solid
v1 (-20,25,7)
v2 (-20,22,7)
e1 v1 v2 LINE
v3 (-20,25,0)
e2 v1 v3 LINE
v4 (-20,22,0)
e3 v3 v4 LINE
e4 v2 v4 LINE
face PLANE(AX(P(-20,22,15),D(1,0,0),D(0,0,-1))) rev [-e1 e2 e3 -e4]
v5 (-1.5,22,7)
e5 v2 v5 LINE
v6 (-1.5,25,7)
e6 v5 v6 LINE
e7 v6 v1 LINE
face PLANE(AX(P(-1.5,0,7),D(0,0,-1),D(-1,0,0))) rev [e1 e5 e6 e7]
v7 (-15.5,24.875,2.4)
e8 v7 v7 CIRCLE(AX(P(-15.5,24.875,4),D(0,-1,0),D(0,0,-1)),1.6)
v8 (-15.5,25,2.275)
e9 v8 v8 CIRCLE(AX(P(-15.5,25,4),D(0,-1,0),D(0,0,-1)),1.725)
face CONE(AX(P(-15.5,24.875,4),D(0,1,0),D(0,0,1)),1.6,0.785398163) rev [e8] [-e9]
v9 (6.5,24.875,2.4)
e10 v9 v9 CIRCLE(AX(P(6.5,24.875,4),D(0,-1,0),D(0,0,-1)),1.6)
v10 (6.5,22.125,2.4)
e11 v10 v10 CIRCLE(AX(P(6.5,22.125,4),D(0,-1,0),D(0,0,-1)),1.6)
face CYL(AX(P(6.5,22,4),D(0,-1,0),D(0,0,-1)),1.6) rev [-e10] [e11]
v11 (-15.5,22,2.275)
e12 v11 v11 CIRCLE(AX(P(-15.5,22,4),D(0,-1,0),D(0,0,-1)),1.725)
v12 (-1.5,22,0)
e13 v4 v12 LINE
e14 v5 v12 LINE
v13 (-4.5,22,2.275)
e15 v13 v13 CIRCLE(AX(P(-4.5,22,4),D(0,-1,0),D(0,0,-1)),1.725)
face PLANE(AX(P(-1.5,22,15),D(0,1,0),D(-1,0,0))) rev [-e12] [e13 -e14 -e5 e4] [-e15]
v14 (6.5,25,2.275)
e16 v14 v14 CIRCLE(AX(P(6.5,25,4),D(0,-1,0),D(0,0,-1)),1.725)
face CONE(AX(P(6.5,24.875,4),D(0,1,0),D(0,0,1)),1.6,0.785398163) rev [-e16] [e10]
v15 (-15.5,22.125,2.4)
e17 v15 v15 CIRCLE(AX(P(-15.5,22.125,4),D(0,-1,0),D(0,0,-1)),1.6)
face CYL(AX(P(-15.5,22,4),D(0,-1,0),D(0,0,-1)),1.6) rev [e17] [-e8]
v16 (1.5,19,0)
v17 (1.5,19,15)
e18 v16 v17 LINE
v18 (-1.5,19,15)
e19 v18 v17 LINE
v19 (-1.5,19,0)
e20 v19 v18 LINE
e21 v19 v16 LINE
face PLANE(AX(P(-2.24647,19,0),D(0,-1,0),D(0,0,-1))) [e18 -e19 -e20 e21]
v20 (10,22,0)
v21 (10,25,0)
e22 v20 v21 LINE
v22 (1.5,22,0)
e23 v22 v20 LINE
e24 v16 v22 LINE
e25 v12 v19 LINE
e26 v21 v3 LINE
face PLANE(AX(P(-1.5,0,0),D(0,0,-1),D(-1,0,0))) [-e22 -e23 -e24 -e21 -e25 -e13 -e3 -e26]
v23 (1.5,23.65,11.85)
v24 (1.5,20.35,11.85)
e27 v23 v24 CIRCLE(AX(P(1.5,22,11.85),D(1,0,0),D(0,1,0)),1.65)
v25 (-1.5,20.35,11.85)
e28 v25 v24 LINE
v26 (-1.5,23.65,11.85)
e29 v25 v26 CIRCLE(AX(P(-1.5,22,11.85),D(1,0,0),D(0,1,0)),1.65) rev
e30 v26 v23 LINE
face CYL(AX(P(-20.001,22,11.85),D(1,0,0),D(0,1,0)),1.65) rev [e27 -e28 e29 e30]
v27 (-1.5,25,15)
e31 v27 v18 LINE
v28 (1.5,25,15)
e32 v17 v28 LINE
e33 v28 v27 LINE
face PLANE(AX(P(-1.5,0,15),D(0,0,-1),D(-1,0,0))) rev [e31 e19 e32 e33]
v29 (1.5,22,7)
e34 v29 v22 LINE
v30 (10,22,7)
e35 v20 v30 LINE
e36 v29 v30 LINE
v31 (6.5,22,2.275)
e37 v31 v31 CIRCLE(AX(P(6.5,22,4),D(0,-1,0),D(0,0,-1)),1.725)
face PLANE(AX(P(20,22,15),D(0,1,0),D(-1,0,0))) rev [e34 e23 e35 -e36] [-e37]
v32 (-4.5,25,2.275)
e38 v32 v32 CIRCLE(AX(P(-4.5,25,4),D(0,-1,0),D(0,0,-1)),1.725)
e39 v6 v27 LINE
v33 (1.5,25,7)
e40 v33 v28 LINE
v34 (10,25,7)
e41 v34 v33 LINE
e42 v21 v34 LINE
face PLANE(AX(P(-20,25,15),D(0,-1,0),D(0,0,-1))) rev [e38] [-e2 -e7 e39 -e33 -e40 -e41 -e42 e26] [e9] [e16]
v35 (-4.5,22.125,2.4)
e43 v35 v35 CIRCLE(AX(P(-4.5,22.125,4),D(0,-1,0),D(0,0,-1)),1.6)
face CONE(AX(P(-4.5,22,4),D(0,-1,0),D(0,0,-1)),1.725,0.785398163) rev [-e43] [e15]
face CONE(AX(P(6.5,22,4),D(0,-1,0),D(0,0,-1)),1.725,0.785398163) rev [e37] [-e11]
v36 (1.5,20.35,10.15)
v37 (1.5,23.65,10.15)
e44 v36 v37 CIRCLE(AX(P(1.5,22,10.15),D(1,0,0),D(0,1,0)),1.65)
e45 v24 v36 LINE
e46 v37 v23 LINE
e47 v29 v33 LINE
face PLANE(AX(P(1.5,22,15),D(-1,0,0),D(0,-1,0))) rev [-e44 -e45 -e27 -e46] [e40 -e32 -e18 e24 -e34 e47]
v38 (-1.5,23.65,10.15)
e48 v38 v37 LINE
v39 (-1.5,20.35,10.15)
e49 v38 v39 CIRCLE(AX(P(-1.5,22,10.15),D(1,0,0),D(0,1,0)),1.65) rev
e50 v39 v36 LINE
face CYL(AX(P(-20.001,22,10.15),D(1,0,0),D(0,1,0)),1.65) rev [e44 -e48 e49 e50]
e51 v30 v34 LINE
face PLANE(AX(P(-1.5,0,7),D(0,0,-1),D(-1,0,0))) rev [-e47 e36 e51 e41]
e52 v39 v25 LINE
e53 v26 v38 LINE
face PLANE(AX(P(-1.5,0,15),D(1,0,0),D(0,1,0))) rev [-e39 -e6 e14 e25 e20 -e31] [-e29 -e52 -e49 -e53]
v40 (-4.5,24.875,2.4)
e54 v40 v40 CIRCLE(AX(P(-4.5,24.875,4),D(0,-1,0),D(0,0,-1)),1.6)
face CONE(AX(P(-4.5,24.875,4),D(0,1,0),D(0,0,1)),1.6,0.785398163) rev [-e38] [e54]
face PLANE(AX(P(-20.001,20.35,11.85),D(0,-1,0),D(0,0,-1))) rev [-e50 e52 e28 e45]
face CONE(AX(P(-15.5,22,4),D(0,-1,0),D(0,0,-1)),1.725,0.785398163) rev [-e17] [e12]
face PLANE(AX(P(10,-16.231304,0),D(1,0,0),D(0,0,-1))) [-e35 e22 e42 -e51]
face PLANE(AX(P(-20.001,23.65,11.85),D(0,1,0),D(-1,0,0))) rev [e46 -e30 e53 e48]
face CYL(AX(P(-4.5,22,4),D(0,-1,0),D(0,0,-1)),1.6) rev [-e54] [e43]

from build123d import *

# Parameters (mm, degrees)
EXTRUDE_1_DEPTH            = 15
SKETCH_2_W                 = 3
SKETCH_2_H                 = 19
SKETCH_2_W_2               = 10
SKETCH_2_H_2               = 3
CUT_EXTRUDE_1_DEPTH        = 16
SKETCH_3_W                 = 18.5
SKETCH_3_H                 = 3
SKETCH_3_W_2               = 8.5
CUT_EXTRUDE_3_DEPTH        = 8
HOLE_WIZARD_M31_AT_2_COUNT = 2
HOLE_WIZARD_M31_AT_2_PITCH = 22
HOLE_WIZARD_M31_AT_3_COUNT = 2
HOLE_WIZARD_M31_AT_3_PITCH = 11
CUT_EXTRUDE_4_REACH        = 23.5


with BuildPart() as part:
    # Эскиз1 → Бобышка-Вытянуть1 (new body)
    with BuildSketch(Plane.XY):
        Polygon((-1.5, 0), (-1.5, 22), (-20, 22), (-20, 25), (20, 25), (20, 22), (1.5, 22), (1.5, 0), align=None)
    extrude(amount=EXTRUDE_1_DEPTH)

    # Эскиз2 → Вырез-Вытянуть1 (cut, through all)
    with BuildSketch(Plane.XY.offset(15)):
        with Locations((0, 9.5)):
            Rectangle(SKETCH_2_W, SKETCH_2_H)
        with Locations((15, 23.5)):
            Rectangle(SKETCH_2_W_2, SKETCH_2_H_2)
    extrude(amount=-CUT_EXTRUDE_1_DEPTH, mode=Mode.SUBTRACT)

    # Эскиз3 → Вырез-Вытянуть3 (cut)
    with BuildSketch(Plane.XY.offset(15)):
        with Locations((-10.75, 23.5)):
            Rectangle(SKETCH_3_W, SKETCH_3_H)
        with Locations((5.75, 23.5)):
            Rectangle(SKETCH_3_W_2, SKETCH_3_H)
    extrude(amount=-CUT_EXTRUDE_3_DEPTH, mode=Mode.SUBTRACT)

    # Эскиз4 → Отверстие с зазором M31 (revolve, cut)
    with BuildSketch(Plane(origin=(-15.5, 22, 4), x_dir=(0, 0, -1), z_dir=(1, 0, 0))):
        Polygon((0, 0), (0, 3), (1.725, 3), (1.6, 2.875), (1.6, 0.125), (1.725, 0), align=None)
    hole_wizard_m31 = revolve(axis=Axis((-15.5, 15.65, 4), (0, 1, 0)), mode=Mode.SUBTRACT)

    # Отверстие с зазором M31 at 2: Отверстие с зазором M31 ×2
    with Locations(*[(i * HOLE_WIZARD_M31_AT_2_PITCH, 0, 0) for i in range(1, HOLE_WIZARD_M31_AT_2_COUNT)]):
        add(hole_wizard_m31, mode=Mode.SUBTRACT)

    # Отверстие с зазором M31 at 3: Отверстие с зазором M31 ×2
    with Locations(*[(i * HOLE_WIZARD_M31_AT_3_PITCH, 0, 0) for i in range(1, HOLE_WIZARD_M31_AT_3_COUNT)]):
        add(hole_wizard_m31, mode=Mode.SUBTRACT)

    # Эскиз6 → Вырез-Вытянуть4 (cut, up to next)
    with BuildSketch(Plane(origin=(1.5, 0, 0), x_dir=(0, 0, -1), z_dir=(1, 0, 0)), mode=Mode.PRIVATE) as cut_extrude_4_sk1:
        with BuildLine():
            Line((-11.85, 23.65), (-10.15, 23.65))
            ThreePointArc((-10.15, 23.65), (-8.5, 22), (-10.15, 20.35))
            Line((-10.15, 20.35), (-11.85, 20.35))
            ThreePointArc((-11.85, 20.35), (-13.5, 22), (-11.85, 23.65))
        make_face()
    cut_extrude_4_tool1 = extrude(cut_extrude_4_sk1.sketch, amount=-CUT_EXTRUDE_4_REACH, mode=Mode.PRIVATE) & part.part
    add(cut_extrude_4_tool1.solids().sort_by_distance((1.5, 22, 11))[0], mode=Mode.SUBTRACT)


solid = part.part
